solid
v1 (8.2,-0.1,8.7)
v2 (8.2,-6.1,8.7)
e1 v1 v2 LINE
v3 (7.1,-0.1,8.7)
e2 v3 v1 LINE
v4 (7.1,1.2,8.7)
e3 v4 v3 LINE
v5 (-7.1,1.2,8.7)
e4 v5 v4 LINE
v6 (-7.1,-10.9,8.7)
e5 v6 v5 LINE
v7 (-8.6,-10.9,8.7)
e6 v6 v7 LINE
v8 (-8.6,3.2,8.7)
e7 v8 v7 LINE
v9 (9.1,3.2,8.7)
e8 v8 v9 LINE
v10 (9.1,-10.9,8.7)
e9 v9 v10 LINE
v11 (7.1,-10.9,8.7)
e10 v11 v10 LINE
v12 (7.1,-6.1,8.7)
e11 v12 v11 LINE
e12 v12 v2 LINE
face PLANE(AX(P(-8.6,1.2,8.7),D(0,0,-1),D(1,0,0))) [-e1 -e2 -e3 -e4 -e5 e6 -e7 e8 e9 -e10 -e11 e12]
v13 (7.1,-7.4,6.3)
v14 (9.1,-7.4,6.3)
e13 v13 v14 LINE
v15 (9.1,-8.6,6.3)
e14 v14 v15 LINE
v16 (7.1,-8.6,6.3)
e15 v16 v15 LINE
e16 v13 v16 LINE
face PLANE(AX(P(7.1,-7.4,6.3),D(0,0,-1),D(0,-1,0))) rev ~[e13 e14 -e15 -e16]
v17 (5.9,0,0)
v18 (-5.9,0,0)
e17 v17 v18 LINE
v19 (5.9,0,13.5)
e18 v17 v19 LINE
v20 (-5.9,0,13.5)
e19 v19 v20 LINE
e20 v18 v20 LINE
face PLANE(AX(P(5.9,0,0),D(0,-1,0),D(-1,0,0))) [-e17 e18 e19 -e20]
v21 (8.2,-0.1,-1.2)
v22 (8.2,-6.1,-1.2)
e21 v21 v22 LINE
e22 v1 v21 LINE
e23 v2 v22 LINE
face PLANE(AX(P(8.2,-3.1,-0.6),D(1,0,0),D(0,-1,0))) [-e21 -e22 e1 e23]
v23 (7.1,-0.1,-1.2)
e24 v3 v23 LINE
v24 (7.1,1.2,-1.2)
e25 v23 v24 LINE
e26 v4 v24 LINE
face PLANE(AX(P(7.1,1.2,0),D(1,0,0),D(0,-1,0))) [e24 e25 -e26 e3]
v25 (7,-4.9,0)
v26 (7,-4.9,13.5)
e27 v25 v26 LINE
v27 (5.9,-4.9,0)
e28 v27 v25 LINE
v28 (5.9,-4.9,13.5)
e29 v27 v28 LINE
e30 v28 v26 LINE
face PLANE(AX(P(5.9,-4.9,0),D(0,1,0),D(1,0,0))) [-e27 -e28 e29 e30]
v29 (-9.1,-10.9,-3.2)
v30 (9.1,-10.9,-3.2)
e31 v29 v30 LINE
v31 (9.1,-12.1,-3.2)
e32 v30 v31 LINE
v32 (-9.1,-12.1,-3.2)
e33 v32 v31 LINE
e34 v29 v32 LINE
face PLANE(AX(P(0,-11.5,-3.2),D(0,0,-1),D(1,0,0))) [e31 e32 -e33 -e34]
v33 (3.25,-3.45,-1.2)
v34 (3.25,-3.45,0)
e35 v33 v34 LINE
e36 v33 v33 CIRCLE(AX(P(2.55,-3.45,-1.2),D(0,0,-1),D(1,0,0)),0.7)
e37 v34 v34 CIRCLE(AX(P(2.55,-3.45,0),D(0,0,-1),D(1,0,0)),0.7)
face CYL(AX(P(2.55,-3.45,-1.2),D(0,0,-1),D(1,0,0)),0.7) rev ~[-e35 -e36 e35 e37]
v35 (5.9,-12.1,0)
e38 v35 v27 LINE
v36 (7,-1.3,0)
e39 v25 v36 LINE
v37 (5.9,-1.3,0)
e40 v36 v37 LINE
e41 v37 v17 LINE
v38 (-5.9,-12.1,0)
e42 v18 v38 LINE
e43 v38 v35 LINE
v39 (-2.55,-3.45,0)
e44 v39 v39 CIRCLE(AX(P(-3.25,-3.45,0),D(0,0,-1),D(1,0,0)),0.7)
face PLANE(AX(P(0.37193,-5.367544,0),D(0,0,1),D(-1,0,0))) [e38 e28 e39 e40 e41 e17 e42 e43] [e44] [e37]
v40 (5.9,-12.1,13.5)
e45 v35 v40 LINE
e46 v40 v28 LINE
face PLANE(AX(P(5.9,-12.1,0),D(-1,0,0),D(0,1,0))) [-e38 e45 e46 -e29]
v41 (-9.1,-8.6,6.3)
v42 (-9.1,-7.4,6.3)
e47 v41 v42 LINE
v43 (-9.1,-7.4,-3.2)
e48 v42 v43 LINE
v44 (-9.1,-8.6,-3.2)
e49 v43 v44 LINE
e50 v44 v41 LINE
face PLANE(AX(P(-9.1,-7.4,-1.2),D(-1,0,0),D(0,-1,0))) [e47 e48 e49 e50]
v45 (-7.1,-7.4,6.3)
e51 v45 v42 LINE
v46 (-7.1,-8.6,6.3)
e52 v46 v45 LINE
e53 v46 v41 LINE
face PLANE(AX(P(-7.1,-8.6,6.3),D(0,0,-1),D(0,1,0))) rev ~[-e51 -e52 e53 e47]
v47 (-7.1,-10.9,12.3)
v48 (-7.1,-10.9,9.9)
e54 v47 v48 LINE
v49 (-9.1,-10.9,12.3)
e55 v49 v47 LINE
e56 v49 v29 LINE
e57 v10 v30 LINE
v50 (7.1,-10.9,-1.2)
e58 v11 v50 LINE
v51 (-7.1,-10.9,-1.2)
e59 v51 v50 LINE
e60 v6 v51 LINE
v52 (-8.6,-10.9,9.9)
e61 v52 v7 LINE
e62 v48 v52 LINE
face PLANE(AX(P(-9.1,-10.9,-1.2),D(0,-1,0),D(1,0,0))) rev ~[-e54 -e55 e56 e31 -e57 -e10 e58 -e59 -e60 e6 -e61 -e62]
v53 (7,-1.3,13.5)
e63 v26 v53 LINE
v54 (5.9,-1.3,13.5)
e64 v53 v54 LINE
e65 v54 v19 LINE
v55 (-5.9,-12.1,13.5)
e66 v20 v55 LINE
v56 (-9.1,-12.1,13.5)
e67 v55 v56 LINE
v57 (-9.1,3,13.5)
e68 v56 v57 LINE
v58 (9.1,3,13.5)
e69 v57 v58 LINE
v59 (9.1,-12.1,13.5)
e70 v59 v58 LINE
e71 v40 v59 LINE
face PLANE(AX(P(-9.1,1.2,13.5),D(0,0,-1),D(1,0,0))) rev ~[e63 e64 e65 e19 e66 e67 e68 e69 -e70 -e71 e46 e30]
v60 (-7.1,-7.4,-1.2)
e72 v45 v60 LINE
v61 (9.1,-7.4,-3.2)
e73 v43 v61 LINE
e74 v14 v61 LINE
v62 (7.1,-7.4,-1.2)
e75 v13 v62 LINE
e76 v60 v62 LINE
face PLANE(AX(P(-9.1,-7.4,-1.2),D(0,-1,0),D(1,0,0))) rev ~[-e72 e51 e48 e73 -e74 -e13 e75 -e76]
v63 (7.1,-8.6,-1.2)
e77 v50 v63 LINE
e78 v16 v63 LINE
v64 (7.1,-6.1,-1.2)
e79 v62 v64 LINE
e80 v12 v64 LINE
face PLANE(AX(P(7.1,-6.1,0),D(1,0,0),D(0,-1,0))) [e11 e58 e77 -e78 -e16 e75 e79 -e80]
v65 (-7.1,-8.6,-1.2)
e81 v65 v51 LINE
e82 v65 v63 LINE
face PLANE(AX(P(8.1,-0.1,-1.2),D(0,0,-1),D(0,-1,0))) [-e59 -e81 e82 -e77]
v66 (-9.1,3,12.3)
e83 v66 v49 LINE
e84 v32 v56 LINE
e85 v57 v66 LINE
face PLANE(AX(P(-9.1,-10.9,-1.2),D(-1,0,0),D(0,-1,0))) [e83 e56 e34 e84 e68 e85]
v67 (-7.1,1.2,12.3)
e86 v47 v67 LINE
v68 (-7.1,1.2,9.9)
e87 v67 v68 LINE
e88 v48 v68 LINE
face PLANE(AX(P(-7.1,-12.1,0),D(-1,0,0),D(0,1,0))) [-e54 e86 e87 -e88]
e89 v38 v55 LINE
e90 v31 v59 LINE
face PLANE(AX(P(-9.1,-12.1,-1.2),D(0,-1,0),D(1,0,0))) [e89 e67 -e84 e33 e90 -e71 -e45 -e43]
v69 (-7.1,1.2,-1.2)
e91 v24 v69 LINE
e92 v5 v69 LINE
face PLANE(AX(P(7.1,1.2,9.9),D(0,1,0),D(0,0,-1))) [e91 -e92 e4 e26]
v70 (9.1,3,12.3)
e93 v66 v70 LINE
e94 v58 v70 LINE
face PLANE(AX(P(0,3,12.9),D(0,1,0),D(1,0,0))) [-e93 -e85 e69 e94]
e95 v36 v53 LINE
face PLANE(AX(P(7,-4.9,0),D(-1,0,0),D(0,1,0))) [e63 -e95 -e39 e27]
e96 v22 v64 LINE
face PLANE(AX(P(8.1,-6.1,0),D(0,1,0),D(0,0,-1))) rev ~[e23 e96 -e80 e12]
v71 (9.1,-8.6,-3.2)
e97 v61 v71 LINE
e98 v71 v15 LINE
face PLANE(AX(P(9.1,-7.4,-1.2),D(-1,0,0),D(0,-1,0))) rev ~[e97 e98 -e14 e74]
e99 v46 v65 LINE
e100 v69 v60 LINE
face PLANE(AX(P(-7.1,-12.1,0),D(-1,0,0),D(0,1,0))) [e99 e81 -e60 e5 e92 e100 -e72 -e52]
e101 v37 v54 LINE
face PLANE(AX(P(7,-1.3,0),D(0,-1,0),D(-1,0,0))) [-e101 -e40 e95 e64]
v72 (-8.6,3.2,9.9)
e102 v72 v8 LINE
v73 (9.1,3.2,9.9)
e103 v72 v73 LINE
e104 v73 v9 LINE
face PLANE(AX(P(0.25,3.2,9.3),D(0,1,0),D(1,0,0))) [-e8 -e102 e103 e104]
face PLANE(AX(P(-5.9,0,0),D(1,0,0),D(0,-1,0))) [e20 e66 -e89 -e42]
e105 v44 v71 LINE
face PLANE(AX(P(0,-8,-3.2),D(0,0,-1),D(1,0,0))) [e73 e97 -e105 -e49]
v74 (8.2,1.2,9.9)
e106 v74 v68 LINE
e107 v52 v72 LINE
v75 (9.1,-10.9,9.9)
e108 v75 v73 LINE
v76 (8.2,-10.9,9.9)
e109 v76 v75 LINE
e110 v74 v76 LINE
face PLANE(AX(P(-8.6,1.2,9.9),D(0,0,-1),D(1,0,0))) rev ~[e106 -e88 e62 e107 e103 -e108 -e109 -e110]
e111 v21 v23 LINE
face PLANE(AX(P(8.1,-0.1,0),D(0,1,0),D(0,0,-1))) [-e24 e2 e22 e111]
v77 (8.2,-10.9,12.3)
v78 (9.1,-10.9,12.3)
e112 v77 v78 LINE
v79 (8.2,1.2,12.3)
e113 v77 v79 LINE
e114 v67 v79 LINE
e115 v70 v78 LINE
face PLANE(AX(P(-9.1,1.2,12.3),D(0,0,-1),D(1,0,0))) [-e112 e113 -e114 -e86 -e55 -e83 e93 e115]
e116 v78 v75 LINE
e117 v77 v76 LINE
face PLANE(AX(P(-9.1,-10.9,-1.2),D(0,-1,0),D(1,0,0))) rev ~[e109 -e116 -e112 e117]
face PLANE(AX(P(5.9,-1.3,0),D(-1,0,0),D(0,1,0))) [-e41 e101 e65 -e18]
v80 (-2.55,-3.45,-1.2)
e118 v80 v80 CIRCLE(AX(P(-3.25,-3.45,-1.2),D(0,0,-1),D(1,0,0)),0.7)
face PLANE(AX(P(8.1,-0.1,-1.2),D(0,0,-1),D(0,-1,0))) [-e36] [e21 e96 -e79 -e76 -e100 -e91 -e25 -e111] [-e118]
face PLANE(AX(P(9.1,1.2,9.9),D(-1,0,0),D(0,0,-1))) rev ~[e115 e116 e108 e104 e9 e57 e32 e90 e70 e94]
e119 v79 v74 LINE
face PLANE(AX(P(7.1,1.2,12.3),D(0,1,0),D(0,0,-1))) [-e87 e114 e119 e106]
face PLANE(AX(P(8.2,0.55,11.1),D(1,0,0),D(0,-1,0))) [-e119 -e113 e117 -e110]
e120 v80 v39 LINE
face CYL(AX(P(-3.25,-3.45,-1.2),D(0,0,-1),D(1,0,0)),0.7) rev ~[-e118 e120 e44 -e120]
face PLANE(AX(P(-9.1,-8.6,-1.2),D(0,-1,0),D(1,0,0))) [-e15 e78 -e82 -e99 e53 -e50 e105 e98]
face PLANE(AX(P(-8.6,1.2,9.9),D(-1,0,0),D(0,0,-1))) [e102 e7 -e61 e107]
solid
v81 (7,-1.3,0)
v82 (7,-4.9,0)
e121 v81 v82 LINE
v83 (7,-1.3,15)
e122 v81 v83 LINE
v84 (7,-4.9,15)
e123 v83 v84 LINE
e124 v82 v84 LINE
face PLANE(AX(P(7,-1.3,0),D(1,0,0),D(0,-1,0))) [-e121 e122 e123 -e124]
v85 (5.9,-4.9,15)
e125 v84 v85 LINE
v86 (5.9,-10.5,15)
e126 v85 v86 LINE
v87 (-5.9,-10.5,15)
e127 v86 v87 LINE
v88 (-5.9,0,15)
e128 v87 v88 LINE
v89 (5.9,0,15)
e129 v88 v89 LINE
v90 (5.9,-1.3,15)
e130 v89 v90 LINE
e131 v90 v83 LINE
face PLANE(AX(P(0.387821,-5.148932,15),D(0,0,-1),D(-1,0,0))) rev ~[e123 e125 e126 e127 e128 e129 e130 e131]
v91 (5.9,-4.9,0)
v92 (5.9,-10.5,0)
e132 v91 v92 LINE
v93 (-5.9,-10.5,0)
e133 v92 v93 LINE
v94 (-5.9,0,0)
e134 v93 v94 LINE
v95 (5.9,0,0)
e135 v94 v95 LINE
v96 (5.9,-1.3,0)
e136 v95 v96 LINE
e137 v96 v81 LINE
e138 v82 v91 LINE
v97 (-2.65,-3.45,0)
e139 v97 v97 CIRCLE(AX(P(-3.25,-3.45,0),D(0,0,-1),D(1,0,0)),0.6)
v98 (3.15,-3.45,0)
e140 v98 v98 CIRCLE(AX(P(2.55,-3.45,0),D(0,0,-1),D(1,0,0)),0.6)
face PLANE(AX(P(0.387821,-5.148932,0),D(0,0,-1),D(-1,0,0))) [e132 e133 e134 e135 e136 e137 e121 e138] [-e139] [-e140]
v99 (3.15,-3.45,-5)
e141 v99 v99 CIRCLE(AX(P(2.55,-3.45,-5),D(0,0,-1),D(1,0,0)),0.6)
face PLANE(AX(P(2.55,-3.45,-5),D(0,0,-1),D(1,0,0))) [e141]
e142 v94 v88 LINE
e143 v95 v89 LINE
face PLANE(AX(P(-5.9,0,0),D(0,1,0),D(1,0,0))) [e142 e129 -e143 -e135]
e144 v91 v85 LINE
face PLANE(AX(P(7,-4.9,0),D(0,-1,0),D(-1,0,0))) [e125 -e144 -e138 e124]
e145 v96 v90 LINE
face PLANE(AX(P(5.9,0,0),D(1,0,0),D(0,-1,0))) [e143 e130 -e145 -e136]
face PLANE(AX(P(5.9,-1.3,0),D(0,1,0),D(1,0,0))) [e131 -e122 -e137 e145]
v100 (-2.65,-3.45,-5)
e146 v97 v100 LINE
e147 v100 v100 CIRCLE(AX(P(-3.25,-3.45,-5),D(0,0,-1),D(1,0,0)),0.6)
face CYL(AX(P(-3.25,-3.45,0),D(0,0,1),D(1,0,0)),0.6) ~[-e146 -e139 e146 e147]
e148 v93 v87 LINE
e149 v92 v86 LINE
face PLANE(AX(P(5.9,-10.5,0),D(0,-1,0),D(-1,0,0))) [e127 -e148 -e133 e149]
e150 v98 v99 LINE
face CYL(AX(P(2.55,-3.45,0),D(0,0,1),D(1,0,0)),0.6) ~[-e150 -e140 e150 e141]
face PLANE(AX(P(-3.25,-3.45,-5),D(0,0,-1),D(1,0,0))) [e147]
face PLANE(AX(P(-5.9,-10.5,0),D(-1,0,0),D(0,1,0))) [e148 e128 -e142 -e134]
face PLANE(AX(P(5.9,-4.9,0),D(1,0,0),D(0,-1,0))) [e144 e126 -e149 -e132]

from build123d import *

# Parameters (mm, degrees)
PAD_DEPTH       = 15
SKETCH001_R     = 0.6
PAD001_DEPTH    = 5
SKETCH002_R     = 0.6
PAD002_DEPTH    = 5
PAD003_DEPTH    = 1.2
PAD004_DEPTH    = 13.5
SKETCH005_W     = 1.2
SKETCH005_H     = 14.7
PAD005_DEPTH    = 2
SKETCH006_W     = 1.2
SKETCH006_H     = 14.7
PAD006_DEPTH    = 2
PAD007_DEPTH    = 1.2
SKETCH008_W     = 2
SKETCH008_H     = 12.1
PAD008_DEPTH    = 1.2
SKETCH009_W     = 18.2
SKETCH009_H     = 1.2
PAD009_DEPTH    = 2
SKETCH010_W     = 18.2
SKETCH010_H     = 1.2
PAD010_DEPTH    = 2
SKETCH011_W     = 6
SKETCH011_H     = 1.2
PAD011_DEPTH    = 0.1
SKETCH012_W     = 1.2
SKETCH012_H     = 7.5
PAD012_DEPTH    = 2
SKETCH013_W     = 1.2
SKETCH013_H     = 7.5
PAD013_DEPTH    = 2
SKETCH014_W     = 18.2
SKETCH014_H     = 1.2
PAD014_DEPTH    = 2
SKETCH015_W     = 12.1
SKETCH015_H     = 1.2
PAD015_DEPTH    = 1.5
SKETCH016_W     = 4.8
SKETCH016_H     = 1.2
PAD016_DEPTH    = 2
SKETCH017_W     = 1.3
SKETCH017_H     = 1.2
PAD017_DEPTH    = 2
SKETCH018_W     = 6
SKETCH018_H     = 1.2
PAD018_DEPTH    = 0.9
SKETCH019_W     = 17.7
SKETCH019_H     = 1.2
PAD019_DEPTH    = 2
SKETCH020_R     = 0.6
POCKET_DEPTH    = 5
SKETCH021_R     = 0.6
POCKET001_DEPTH = 5
SKETCH022_W     = 4.8
SKETCH022_H     = 2.4
PAD020_DEPTH    = 1.1
SKETCH023_W     = 1.3
SKETCH023_H     = 2.4
PAD021_DEPTH    = 1.1
SKETCH024_R     = 0.7
POCKET002_DEPTH = 2
SKETCH025_R     = 0.7
POCKET003_DEPTH = 2
SKETCH026_W     = 18.2
SKETCH026_H     = 1.2
POCKET004_DEPTH = 0.2


with BuildPart() as stecker_und_pins:
    # Sketch → Pad (new body)
    with BuildSketch(Plane.XY):
        Polygon((-5.9, 0), (5.9, 0), (5.9, -1.3), (7, -1.3), (7, -4.9), (5.9, -4.9), (5.9, -10.5), (-5.9, -10.5), align=None)
    extrude(amount=PAD_DEPTH)

    # Sketch001 → Pad001 (new body)
    with BuildSketch(Plane(origin=(0, 0, 0), x_dir=(1, 0, 0), z_dir=(0, 0, -1))):
        with Locations((2.55, 3.45)):
            Circle(SKETCH001_R)
    extrude(amount=PAD001_DEPTH)

    # Sketch002 → Pad002 (new body)
    with BuildSketch(Plane(origin=(0, 0, 0), x_dir=(1, 0, 0), z_dir=(0, 0, -1))):
        with Locations((-3.25, 3.45)):
            Circle(SKETCH002_R)
    extrude(amount=PAD002_DEPTH)


with BuildPart() as pocket004:
    # Sketch003 → Pad003 (new body)
    with BuildSketch(Plane(origin=(0, 0, 0), x_dir=(1, 0, 0), z_dir=(0, 0, -1))):
        Polygon((-7.1, -1.2), (-7.1, 12.1), (7.1, 12.1), (7.1, 6.1), (8.1, 6.1), (8.1, 0.1), (7.1, 0.1), (7.1, -1.2), align=None)
    extrude(amount=PAD003_DEPTH)

    # Sketch004 → Pad004 (new body)
    with BuildSketch(Plane.XY):
        Polygon((-7.1, -12.1), (-7.1, 1.2), (7.1, 1.2), (7.1, -0.1), (8.2, -0.1), (8.2, -6.1), (7.1, -6.1), (7.1, -12.1), (5.9, -12.1), (5.9, -4.9), (7, -4.9), (7, -1.3), (5.9, -1.3), (5.9, 0), (-5.9, 0), (-5.9, -12.1), align=None)
    extrude(amount=PAD004_DEPTH)

    # Sketch005 → Pad005 (new body)
    with BuildSketch(Plane(origin=(7.1, 0, 0), x_dir=(0, -1, 0), z_dir=(1, 0, 0))):
        with Locations((11.5, -6.15)):
            Rectangle(SKETCH005_W, SKETCH005_H)
    extrude(amount=PAD005_DEPTH)

    # Sketch006 → Pad006 (new body)
    with BuildSketch(Plane(origin=(-7.1, 0, 0), x_dir=(0, 1, 0), z_dir=(-1, 0, 0))):
        with Locations((-11.5, -6.15)):
            Rectangle(SKETCH006_W, SKETCH006_H)
    extrude(amount=PAD006_DEPTH)

    # Sketch007 → Pad007 (new body)
    with BuildSketch(Plane.XY.offset(13.5)):
        Polygon((7.1, 1.2), (7.1, -0.1), (8.2, -0.1), (8.2, -6.1), (7.1, -6.1), (7.1, -10.9), (9.1, -10.9), (9.1, 1.2), align=None)
    extrude(amount=-PAD007_DEPTH)

    # Sketch008 → Pad008 (new body)
    with BuildSketch(Plane.XY.offset(13.5)):
        with Locations((-8.1, -4.85)):
            Rectangle(SKETCH008_W, SKETCH008_H)
    extrude(amount=-PAD008_DEPTH)

    # Sketch009 → Pad009 (new body)
    with BuildSketch(Plane(origin=(0, 1.2, 0), x_dir=(1, 0, 0), z_dir=(0, 1, 0))):
        with Locations((0, -12.9)):
            Rectangle(SKETCH009_W, SKETCH009_H)
    extrude(amount=PAD009_DEPTH)

    # Sketch010 → Pad010 (new body)
    with BuildSketch(Plane(origin=(0, 0, -1.2), x_dir=(1, 0, 0), z_dir=(0, 0, -1))):
        with Locations((0, 11.5)):
            Rectangle(SKETCH010_W, SKETCH010_H)
    extrude(amount=PAD010_DEPTH)

    # Sketch011 → Pad011 (new body)
    with BuildSketch(Plane(origin=(8.1, 0, 0), x_dir=(0, -1, 0), z_dir=(1, 0, 0))):
        with Locations((3.1, 0.6)):
            Rectangle(SKETCH011_W, SKETCH011_H)
    extrude(amount=PAD011_DEPTH)

    # Sketch012 → Pad012 (new body)
    with BuildSketch(Plane(origin=(7.1, 0, 0), x_dir=(0, -1, 0), z_dir=(1, 0, 0))):
        with Locations((8, -2.55)):
            Rectangle(SKETCH012_W, SKETCH012_H)
    extrude(amount=PAD012_DEPTH)

    # Sketch013 → Pad013 (new body)
    with BuildSketch(Plane(origin=(-7.1, 0, 0), x_dir=(0, 1, 0), z_dir=(-1, 0, 0))):
        with Locations((-8, -2.55)):
            Rectangle(SKETCH013_W, SKETCH013_H)
    extrude(amount=PAD013_DEPTH)

    # Sketch014 → Pad014 (new body)
    with BuildSketch(Plane(origin=(0, 0, -1.2), x_dir=(1, 0, 0), z_dir=(0, 0, -1))):
        with Locations((0, 8)):
            Rectangle(SKETCH014_W, SKETCH014_H)
    extrude(amount=PAD014_DEPTH)

    # Sketch015 → Pad015 (new body)
    with BuildSketch(Plane(origin=(-7.1, 0, 0), x_dir=(0, 1, 0), z_dir=(-1, 0, 0))):
        with Locations((-4.85, -9.3)):
            Rectangle(SKETCH015_W, SKETCH015_H)
    extrude(amount=PAD015_DEPTH)

    # Sketch016 → Pad016 (new body)
    with BuildSketch(Plane(origin=(7.1, 0, 0), x_dir=(0, -1, 0), z_dir=(1, 0, 0))):
        with Locations((8.5, -9.3)):
            Rectangle(SKETCH016_W, SKETCH016_H)
    extrude(amount=PAD016_DEPTH)

    # Sketch017 → Pad017 (new body)
    with BuildSketch(Plane(origin=(7.1, 0, 0), x_dir=(0, -1, 0), z_dir=(1, 0, 0))):
        with Locations((-0.55, -9.3)):
            Rectangle(SKETCH017_W, SKETCH017_H)
    extrude(amount=PAD017_DEPTH)

    # Sketch018 → Pad018 (new body)
    with BuildSketch(Plane(origin=(8.2, 0, 0), x_dir=(0, -1, 0), z_dir=(1, 0, 0))):
        with Locations((3.1, -9.3)):
            Rectangle(SKETCH018_W, SKETCH018_H)
    extrude(amount=PAD018_DEPTH)

    # Sketch019 → Pad019 (new body)
    with BuildSketch(Plane(origin=(0, 1.2, 0), x_dir=(1, 0, 0), z_dir=(0, 1, 0))):
        with Locations((0.25, -9.3)):
            Rectangle(SKETCH019_W, SKETCH019_H)
    extrude(amount=PAD019_DEPTH)

    # Sketch020 → Pocket (cut)
    with BuildSketch(Plane(origin=(0, 0, -1.2), x_dir=(1, 0, 0), z_dir=(0, 0, -1))):
        with Locations((-3.25, 3.45)):
            Circle(SKETCH020_R)
    extrude(amount=-POCKET_DEPTH, mode=Mode.SUBTRACT)

    # Sketch021 → Pocket001 (cut)
    with BuildSketch(Plane(origin=(0, 0, -1.2), x_dir=(1, 0, 0), z_dir=(0, 0, -1))):
        with Locations((2.55, 3.45)):
            Circle(SKETCH021_R)
    extrude(amount=-POCKET001_DEPTH, mode=Mode.SUBTRACT)

    # Sketch022 → Pad020 (new body)
    with BuildSketch(Plane(origin=(7.1, 0, 0), x_dir=(0, -1, 0), z_dir=(1, 0, 0))):
        with Locations((8.5, -11.1)):
            Rectangle(SKETCH022_W, SKETCH022_H)
    extrude(amount=PAD020_DEPTH)

    # Sketch023 → Pad021 (new body)
    with BuildSketch(Plane(origin=(7.1, 0, 0), x_dir=(0, -1, 0), z_dir=(1, 0, 0))):
        with Locations((-0.55, -11.1)):
            Rectangle(SKETCH023_W, SKETCH023_H)
    extrude(amount=PAD021_DEPTH)

    # Sketch024 → Pocket002 (cut)
    with BuildSketch(Plane(origin=(0, 0, -1.2), x_dir=(1, 0, 0), z_dir=(0, 0, -1))):
        with Locations((2.55, 3.45)):
            Circle(SKETCH024_R)
    extrude(amount=-POCKET002_DEPTH, mode=Mode.SUBTRACT)

    # Sketch025 → Pocket003 (cut)
    with BuildSketch(Plane(origin=(0, 0, -1.2), x_dir=(1, 0, 0), z_dir=(0, 0, -1))):
        with Locations((-3.25, 3.45)):
            Circle(SKETCH025_R)
    extrude(amount=-POCKET003_DEPTH, mode=Mode.SUBTRACT)

    # Sketch026 → Pocket004 (cut)
    with BuildSketch(Plane(origin=(0, 3.2, 0), x_dir=(1, 0, 0), z_dir=(0, 1, 0))):
        with Locations((0, -12.9)):
            Rectangle(SKETCH026_W, SKETCH026_H)
    extrude(amount=-POCKET004_DEPTH, mode=Mode.SUBTRACT)


solid = Compound([stecker_und_pins.part, pocket004.part])
